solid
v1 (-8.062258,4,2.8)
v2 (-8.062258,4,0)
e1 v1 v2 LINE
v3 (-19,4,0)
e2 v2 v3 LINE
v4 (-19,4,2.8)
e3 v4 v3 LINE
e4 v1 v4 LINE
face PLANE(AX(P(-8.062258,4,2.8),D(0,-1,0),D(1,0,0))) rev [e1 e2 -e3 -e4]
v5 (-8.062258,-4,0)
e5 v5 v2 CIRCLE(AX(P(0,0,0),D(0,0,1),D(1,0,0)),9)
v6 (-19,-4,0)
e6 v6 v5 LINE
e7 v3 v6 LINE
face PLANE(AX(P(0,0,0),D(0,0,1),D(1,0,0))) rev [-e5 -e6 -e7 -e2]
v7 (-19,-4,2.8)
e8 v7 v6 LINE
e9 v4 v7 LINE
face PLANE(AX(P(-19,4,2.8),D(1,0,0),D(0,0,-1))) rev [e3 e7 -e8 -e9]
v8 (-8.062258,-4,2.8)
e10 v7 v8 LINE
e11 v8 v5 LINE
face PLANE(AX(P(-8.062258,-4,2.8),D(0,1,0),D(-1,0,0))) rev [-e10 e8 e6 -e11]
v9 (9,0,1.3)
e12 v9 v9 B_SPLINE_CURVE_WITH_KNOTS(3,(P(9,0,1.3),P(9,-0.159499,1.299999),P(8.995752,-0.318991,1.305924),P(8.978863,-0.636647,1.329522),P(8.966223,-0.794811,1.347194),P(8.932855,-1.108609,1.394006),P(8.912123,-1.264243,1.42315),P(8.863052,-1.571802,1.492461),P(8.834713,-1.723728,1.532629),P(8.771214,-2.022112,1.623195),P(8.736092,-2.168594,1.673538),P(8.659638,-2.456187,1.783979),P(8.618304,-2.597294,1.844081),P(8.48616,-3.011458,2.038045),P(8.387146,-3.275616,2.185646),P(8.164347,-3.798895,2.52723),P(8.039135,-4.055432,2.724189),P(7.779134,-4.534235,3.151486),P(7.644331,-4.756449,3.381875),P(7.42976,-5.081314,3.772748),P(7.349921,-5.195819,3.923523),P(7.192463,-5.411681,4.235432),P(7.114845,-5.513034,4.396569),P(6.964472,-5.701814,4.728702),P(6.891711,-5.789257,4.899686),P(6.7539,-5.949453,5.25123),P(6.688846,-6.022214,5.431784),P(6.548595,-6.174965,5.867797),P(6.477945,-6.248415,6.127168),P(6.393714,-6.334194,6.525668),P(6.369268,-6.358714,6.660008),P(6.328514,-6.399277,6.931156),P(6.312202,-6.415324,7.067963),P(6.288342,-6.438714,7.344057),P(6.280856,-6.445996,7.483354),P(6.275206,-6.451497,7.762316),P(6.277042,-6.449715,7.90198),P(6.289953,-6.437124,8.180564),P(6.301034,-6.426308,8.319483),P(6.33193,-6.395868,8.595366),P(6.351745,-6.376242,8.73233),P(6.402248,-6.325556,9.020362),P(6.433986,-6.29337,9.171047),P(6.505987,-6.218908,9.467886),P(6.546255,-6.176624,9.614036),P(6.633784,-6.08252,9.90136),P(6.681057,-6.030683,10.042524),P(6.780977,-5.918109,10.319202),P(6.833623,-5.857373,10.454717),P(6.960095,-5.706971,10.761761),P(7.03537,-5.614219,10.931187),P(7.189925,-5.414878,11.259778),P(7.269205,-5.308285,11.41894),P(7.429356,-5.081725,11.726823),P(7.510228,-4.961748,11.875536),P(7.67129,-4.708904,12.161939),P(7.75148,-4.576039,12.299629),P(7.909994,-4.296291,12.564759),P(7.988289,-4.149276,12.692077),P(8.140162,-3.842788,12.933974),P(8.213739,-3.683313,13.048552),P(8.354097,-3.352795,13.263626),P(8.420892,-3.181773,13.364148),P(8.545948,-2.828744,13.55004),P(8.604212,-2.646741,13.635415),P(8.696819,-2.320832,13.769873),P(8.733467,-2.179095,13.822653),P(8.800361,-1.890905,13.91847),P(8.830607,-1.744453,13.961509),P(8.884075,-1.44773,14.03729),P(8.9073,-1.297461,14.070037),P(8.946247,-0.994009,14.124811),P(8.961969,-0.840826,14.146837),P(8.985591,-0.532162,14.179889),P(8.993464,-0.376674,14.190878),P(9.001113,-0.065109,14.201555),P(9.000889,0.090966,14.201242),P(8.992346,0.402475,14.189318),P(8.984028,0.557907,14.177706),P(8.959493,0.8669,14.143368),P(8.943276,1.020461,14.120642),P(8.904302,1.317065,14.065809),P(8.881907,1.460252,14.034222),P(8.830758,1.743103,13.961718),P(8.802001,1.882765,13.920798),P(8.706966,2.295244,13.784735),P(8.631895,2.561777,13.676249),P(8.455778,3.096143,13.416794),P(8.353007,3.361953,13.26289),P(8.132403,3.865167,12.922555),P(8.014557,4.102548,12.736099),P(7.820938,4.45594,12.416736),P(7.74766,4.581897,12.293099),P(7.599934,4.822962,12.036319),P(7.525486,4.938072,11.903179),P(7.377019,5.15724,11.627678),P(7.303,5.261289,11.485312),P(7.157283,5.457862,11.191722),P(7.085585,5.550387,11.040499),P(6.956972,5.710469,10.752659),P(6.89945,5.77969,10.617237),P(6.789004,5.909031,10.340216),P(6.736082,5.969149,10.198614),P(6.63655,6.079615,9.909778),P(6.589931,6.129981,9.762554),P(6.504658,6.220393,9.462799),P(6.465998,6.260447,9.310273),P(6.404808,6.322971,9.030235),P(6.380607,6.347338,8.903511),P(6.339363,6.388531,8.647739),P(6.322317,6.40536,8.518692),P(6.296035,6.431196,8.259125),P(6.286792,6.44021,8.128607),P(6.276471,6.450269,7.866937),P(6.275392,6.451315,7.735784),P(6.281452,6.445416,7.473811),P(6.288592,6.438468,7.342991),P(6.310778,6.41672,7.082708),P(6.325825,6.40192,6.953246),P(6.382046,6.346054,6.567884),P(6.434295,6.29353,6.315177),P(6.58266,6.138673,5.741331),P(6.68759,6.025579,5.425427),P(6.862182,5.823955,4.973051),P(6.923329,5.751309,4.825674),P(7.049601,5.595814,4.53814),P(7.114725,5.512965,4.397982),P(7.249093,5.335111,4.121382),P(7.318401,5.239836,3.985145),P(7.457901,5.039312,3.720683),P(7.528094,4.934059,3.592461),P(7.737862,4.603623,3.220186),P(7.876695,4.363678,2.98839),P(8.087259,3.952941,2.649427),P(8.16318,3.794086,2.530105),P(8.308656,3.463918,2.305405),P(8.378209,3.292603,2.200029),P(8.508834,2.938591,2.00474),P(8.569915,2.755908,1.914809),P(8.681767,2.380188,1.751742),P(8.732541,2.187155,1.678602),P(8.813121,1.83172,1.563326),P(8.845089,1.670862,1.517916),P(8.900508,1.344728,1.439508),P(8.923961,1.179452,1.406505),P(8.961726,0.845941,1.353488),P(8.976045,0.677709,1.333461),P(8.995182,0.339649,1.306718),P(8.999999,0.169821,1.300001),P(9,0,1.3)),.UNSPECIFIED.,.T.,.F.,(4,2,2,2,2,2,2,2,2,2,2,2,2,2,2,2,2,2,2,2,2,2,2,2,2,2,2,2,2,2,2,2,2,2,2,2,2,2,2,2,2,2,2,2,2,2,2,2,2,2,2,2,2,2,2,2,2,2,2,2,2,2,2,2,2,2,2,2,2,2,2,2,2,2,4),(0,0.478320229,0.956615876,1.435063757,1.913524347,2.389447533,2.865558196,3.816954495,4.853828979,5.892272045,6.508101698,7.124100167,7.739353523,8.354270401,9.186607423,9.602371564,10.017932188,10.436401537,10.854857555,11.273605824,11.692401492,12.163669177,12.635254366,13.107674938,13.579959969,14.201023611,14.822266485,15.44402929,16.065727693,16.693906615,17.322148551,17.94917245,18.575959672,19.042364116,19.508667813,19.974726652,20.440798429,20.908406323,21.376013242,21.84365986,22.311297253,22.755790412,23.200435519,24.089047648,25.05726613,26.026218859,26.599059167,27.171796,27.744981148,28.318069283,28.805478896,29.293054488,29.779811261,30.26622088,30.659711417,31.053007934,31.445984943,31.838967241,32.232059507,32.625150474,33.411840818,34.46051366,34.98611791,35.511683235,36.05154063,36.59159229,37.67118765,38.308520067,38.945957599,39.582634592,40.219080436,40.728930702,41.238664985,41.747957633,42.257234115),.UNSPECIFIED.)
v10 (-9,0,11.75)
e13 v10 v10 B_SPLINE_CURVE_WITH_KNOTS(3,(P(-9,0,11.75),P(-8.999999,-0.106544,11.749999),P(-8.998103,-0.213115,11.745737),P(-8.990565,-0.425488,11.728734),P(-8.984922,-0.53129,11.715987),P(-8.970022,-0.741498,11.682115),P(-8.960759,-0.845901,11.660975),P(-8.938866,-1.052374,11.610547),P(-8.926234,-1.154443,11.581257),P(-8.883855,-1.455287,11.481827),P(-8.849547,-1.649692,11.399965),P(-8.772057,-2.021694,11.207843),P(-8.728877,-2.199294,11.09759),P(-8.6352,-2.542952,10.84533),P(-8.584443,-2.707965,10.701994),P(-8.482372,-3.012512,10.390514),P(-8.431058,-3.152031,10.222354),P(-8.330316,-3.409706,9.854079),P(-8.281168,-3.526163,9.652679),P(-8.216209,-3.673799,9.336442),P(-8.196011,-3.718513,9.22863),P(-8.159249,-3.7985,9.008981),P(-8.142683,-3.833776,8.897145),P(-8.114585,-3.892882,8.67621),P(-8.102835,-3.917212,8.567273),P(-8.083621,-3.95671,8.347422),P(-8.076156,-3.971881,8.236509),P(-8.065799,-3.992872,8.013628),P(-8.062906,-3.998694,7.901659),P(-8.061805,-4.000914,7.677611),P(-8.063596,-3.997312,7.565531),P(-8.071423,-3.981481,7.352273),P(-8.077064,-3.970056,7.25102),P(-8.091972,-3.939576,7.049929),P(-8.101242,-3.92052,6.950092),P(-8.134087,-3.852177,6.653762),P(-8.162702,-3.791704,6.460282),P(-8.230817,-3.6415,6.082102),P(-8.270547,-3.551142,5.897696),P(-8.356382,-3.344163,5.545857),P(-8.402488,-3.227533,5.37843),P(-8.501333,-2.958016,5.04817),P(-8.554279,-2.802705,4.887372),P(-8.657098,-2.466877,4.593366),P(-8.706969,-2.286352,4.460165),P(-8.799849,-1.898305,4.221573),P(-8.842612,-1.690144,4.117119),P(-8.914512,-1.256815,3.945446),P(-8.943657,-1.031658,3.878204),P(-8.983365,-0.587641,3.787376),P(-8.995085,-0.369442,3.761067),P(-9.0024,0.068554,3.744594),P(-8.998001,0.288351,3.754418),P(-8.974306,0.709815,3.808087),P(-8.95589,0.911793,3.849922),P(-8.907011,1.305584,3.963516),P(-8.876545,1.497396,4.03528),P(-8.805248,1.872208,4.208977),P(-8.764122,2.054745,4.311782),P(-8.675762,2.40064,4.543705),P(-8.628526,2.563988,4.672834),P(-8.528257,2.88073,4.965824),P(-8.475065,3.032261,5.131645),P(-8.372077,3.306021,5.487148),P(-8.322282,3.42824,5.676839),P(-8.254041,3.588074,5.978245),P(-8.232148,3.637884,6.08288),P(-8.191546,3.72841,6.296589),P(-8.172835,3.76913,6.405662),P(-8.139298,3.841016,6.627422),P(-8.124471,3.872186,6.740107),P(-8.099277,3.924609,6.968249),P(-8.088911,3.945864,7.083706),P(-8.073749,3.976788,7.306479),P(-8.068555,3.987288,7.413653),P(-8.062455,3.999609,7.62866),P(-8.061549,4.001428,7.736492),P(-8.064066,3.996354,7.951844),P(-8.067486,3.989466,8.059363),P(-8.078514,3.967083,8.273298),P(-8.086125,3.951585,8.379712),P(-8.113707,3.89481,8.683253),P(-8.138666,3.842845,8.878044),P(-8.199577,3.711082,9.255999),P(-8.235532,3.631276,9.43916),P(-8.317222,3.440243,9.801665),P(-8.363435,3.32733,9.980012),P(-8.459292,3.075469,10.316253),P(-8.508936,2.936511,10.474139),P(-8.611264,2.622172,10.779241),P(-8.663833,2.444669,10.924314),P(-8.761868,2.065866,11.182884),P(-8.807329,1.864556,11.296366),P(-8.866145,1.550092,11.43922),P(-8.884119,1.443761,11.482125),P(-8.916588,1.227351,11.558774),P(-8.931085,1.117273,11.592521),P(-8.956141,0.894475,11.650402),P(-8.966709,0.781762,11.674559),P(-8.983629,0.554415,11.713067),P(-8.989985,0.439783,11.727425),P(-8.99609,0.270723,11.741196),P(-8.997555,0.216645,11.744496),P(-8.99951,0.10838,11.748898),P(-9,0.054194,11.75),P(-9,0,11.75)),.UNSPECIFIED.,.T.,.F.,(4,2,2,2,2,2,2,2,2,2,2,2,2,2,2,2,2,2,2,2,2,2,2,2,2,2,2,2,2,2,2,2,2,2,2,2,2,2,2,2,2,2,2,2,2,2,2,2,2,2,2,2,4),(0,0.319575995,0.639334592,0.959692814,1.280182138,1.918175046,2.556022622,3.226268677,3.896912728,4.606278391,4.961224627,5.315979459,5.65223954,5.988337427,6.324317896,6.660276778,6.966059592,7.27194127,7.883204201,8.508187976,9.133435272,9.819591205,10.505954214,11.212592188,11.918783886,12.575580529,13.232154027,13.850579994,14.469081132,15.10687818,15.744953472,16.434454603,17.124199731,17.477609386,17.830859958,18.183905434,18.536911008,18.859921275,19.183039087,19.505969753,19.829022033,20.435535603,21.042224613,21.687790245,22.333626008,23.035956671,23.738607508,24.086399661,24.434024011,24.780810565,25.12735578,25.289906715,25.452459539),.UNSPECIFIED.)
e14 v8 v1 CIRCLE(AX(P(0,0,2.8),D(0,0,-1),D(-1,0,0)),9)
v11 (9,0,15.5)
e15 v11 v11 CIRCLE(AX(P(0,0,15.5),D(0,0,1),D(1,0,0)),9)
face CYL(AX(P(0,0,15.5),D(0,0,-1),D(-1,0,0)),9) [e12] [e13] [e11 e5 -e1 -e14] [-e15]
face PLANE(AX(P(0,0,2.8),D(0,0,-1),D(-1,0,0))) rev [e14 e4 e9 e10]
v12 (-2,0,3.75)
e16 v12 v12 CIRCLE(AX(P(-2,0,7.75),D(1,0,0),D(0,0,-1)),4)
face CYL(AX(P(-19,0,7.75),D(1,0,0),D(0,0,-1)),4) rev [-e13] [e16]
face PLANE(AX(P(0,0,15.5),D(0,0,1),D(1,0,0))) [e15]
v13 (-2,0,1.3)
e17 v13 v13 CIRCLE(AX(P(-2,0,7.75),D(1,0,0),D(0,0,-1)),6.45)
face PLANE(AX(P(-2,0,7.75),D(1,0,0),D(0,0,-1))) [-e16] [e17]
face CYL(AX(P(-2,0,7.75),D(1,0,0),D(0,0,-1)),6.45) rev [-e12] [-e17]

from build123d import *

# Parameters (mm, degrees)
SKETCH_1_R               = 9
EXTRUDE_1_DEPTH          = 15.5
SKETCH_2_W               = 10.937742252
SKETCH_2_H               = 8
EXTRUDE_2_DEPTH          = 2.8
SKETCH_3_R               = 6.45
CUT_EXTRUDE_1_DEPTH      = 10
CUT_EXTRUDE_1_DEPTH_BACK = 2
SKETCH_4_R               = 4
CUT_EXTRUDE_2_DEPTH      = 18


with BuildPart() as part:
    # Эскиз1 → Бобышка-Вытянуть1 (new body)
    with BuildSketch(Plane.XY):
        Circle(SKETCH_1_R)
    extrude(amount=EXTRUDE_1_DEPTH)

    # Эскиз2 → Бобышка-Вытянуть2 (add)
    with BuildSketch(Plane.XY):
        with Locations((-13.531128874, 0)):
            Rectangle(SKETCH_2_W, SKETCH_2_H)
    extrude(amount=EXTRUDE_2_DEPTH)

    # Эскиз3 → Вырез-Вытянуть1 (cut, two sides)
    with BuildSketch(Plane(origin=(0, 0, 0), x_dir=(0, 0, -1), z_dir=(1, 0, 0))) as cut_extrude_1_sk:
        with Locations((-7.75, 0)):
            Circle(SKETCH_3_R)
    extrude(amount=CUT_EXTRUDE_1_DEPTH, mode=Mode.SUBTRACT)
    extrude(cut_extrude_1_sk.sketch, amount=-CUT_EXTRUDE_1_DEPTH_BACK, mode=Mode.SUBTRACT)

    # Эскиз4 → Вырез-Вытянуть2 (cut, through all)
    with BuildSketch(Plane(origin=(-2, 0, 0), x_dir=(0, 0, -1), z_dir=(1, 0, 0))):
        with Locations((-7.75, 0)):
            Circle(SKETCH_4_R)
    extrude(amount=-CUT_EXTRUDE_2_DEPTH, mode=Mode.SUBTRACT)


solid = part.part
